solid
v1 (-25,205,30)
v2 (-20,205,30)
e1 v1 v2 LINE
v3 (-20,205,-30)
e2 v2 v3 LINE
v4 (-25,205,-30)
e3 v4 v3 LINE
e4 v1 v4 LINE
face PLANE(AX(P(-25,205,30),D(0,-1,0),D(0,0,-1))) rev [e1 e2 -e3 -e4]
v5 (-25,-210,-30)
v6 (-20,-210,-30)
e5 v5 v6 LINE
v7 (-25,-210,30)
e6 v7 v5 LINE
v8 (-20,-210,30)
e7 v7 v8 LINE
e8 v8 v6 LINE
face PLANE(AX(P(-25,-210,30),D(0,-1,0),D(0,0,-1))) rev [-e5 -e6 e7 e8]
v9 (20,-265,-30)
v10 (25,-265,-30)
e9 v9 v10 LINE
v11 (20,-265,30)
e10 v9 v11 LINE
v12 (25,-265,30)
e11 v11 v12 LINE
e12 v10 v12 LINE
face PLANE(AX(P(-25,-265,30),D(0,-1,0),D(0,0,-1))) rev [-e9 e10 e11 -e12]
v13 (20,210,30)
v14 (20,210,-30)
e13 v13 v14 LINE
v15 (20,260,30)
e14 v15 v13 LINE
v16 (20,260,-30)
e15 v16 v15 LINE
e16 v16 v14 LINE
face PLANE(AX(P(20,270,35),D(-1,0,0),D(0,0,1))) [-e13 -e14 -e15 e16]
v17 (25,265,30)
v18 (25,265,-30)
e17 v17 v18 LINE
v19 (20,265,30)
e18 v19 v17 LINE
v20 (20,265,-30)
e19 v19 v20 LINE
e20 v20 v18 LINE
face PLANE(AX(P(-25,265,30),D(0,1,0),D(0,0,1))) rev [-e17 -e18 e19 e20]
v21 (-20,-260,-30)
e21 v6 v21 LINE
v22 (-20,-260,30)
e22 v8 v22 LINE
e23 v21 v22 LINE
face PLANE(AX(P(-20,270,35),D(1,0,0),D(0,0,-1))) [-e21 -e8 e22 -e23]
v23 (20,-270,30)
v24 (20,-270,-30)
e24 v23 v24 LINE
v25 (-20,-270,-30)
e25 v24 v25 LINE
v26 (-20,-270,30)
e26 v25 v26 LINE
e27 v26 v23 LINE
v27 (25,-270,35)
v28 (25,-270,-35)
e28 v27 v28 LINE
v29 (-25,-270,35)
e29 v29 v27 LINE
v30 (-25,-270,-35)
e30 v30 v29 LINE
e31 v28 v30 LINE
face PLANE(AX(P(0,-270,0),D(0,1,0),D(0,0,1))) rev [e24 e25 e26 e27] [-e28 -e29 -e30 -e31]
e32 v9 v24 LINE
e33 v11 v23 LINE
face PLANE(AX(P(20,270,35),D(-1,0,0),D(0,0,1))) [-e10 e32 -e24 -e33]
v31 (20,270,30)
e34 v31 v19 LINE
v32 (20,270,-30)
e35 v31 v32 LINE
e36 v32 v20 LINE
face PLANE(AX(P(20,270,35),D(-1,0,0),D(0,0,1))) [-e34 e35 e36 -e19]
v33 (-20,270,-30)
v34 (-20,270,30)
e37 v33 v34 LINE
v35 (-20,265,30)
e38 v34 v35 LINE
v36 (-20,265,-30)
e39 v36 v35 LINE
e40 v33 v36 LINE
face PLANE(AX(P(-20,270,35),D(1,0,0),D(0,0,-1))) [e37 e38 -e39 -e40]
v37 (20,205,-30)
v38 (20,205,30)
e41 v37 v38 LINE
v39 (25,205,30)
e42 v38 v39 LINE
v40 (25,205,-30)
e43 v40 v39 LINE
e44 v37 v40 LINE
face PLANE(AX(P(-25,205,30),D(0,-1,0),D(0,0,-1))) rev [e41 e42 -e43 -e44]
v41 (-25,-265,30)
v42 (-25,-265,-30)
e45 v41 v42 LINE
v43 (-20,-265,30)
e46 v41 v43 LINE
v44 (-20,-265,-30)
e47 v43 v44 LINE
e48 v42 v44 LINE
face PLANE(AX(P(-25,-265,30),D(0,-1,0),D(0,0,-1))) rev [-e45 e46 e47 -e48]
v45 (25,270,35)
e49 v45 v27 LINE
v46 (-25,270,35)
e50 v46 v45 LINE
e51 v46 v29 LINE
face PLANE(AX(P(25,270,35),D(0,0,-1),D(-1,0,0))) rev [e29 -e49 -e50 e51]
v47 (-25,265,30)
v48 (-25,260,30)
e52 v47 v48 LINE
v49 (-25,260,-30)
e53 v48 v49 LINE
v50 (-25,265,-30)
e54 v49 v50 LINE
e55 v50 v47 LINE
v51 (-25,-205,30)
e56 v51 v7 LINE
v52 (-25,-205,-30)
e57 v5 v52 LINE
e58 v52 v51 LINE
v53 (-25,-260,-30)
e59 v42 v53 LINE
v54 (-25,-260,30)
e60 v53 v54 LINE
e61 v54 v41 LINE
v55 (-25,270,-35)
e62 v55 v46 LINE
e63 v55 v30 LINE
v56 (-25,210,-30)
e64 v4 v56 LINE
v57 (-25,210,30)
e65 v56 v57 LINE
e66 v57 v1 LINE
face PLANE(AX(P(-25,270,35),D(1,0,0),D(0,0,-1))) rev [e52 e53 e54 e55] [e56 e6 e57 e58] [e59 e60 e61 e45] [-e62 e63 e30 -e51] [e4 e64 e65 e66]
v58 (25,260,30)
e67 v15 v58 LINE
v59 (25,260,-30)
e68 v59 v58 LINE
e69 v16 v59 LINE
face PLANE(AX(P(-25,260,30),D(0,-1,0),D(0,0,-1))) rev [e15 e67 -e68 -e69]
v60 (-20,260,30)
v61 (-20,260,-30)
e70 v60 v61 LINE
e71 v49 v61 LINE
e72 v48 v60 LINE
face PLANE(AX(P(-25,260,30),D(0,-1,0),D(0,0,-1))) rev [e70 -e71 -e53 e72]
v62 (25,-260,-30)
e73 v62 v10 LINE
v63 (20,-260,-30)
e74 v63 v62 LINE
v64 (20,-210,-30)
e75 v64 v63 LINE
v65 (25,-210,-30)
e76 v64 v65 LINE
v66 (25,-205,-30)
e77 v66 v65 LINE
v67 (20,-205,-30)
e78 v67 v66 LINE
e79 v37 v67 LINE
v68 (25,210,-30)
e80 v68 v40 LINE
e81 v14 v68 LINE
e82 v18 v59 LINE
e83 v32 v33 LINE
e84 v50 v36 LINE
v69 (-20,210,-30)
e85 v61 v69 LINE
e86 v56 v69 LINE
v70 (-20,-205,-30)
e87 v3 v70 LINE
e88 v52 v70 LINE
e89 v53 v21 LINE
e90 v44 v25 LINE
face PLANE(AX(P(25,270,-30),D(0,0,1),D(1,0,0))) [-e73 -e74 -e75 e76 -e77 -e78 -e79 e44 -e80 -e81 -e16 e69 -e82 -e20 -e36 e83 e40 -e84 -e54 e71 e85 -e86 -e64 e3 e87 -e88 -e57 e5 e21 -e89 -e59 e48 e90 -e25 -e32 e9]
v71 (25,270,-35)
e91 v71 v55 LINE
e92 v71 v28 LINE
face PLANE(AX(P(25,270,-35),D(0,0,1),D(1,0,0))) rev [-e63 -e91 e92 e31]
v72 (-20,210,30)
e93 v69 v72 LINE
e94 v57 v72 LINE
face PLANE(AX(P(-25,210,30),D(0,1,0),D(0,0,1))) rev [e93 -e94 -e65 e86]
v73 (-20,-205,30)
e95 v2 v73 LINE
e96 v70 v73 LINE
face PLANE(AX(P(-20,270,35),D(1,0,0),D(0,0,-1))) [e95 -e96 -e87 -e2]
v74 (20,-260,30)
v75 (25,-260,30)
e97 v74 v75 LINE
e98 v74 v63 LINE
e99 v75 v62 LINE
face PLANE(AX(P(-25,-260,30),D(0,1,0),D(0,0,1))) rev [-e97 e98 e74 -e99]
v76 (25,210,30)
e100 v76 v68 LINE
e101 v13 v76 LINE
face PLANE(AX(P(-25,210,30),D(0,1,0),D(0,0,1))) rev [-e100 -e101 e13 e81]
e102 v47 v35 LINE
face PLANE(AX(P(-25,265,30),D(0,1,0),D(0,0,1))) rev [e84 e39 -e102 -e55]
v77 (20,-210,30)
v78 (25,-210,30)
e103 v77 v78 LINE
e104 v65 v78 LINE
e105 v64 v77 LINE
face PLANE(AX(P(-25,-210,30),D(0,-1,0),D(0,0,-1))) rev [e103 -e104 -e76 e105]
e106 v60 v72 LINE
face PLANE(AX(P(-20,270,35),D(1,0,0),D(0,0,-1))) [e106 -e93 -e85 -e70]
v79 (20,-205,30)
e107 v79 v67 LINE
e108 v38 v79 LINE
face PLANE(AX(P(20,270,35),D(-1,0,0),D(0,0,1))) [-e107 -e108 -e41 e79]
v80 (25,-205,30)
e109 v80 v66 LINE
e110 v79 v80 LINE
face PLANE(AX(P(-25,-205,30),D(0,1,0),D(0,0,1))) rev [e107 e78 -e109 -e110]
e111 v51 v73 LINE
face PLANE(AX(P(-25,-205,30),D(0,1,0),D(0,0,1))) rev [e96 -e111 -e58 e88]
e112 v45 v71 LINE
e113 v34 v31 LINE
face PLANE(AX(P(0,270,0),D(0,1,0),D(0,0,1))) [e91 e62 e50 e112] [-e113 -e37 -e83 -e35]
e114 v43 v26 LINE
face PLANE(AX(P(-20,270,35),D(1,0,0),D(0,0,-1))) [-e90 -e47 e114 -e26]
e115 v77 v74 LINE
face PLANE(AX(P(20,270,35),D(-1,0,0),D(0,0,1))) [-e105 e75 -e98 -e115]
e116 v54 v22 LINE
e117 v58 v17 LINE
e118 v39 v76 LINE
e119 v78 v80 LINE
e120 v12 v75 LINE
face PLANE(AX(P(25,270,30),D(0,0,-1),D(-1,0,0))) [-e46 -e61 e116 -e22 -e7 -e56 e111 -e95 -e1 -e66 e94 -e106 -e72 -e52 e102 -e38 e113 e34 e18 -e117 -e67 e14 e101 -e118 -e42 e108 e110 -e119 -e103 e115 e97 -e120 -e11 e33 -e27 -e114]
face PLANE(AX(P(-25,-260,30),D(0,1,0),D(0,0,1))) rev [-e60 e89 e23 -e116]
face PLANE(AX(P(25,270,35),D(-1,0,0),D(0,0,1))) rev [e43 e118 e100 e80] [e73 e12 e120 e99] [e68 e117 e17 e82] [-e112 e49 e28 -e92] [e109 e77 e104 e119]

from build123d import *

# Parameters (mm, degrees)
SKETCH1_W               = 50
SKETCH1_H               = 70
BOSS_EXTRUDE1_DEPTH     = 270
SHELL1_T                = -5
CUT_EXTRUDE1_DEPTH      = 277.812210713
CUT_EXTRUDE1_DEPTH_BACK = 277.812210713
SKETCH2_W               = 5
SKETCH2_H               = 60


with BuildPart() as part:
    # Sketch1 → Boss-Extrude1 (new, symmetric)
    with BuildSketch(Plane(origin=(0, 0, 0), x_dir=(-1, 0, 0), z_dir=(0, 1, 0))):
        Rectangle(SKETCH1_W, SKETCH1_H)
    extrude(amount=BOSS_EXTRUDE1_DEPTH, both=True)

    # Shell1
    shell1_openings = [part.faces().sort_by_distance(p)[0] for p in [
        (0, 270, 0),
        (0, -270, 0),
    ]]
    offset(amount=SHELL1_T, openings=shell1_openings, kind=Kind.INTERSECTION)

    # Sketch2 → Cut-Extrude1 (cut, two sides: drawn at the far end of the back side and taken through both)
    with BuildSketch(Plane.YZ.offset(25).offset(-CUT_EXTRUDE1_DEPTH_BACK)):
        with Locations((-262.5, 0)):
            Rectangle(SKETCH2_W, SKETCH2_H)
        with Locations((-207.5, 0)):
            Rectangle(SKETCH2_W, SKETCH2_H)
        with Locations((207.5, 0)):
            Rectangle(SKETCH2_W, SKETCH2_H)
        with Locations((262.5, 0)):
            Rectangle(SKETCH2_W, SKETCH2_H)
    extrude(amount=CUT_EXTRUDE1_DEPTH + CUT_EXTRUDE1_DEPTH_BACK, mode=Mode.SUBTRACT)


solid = part.part
